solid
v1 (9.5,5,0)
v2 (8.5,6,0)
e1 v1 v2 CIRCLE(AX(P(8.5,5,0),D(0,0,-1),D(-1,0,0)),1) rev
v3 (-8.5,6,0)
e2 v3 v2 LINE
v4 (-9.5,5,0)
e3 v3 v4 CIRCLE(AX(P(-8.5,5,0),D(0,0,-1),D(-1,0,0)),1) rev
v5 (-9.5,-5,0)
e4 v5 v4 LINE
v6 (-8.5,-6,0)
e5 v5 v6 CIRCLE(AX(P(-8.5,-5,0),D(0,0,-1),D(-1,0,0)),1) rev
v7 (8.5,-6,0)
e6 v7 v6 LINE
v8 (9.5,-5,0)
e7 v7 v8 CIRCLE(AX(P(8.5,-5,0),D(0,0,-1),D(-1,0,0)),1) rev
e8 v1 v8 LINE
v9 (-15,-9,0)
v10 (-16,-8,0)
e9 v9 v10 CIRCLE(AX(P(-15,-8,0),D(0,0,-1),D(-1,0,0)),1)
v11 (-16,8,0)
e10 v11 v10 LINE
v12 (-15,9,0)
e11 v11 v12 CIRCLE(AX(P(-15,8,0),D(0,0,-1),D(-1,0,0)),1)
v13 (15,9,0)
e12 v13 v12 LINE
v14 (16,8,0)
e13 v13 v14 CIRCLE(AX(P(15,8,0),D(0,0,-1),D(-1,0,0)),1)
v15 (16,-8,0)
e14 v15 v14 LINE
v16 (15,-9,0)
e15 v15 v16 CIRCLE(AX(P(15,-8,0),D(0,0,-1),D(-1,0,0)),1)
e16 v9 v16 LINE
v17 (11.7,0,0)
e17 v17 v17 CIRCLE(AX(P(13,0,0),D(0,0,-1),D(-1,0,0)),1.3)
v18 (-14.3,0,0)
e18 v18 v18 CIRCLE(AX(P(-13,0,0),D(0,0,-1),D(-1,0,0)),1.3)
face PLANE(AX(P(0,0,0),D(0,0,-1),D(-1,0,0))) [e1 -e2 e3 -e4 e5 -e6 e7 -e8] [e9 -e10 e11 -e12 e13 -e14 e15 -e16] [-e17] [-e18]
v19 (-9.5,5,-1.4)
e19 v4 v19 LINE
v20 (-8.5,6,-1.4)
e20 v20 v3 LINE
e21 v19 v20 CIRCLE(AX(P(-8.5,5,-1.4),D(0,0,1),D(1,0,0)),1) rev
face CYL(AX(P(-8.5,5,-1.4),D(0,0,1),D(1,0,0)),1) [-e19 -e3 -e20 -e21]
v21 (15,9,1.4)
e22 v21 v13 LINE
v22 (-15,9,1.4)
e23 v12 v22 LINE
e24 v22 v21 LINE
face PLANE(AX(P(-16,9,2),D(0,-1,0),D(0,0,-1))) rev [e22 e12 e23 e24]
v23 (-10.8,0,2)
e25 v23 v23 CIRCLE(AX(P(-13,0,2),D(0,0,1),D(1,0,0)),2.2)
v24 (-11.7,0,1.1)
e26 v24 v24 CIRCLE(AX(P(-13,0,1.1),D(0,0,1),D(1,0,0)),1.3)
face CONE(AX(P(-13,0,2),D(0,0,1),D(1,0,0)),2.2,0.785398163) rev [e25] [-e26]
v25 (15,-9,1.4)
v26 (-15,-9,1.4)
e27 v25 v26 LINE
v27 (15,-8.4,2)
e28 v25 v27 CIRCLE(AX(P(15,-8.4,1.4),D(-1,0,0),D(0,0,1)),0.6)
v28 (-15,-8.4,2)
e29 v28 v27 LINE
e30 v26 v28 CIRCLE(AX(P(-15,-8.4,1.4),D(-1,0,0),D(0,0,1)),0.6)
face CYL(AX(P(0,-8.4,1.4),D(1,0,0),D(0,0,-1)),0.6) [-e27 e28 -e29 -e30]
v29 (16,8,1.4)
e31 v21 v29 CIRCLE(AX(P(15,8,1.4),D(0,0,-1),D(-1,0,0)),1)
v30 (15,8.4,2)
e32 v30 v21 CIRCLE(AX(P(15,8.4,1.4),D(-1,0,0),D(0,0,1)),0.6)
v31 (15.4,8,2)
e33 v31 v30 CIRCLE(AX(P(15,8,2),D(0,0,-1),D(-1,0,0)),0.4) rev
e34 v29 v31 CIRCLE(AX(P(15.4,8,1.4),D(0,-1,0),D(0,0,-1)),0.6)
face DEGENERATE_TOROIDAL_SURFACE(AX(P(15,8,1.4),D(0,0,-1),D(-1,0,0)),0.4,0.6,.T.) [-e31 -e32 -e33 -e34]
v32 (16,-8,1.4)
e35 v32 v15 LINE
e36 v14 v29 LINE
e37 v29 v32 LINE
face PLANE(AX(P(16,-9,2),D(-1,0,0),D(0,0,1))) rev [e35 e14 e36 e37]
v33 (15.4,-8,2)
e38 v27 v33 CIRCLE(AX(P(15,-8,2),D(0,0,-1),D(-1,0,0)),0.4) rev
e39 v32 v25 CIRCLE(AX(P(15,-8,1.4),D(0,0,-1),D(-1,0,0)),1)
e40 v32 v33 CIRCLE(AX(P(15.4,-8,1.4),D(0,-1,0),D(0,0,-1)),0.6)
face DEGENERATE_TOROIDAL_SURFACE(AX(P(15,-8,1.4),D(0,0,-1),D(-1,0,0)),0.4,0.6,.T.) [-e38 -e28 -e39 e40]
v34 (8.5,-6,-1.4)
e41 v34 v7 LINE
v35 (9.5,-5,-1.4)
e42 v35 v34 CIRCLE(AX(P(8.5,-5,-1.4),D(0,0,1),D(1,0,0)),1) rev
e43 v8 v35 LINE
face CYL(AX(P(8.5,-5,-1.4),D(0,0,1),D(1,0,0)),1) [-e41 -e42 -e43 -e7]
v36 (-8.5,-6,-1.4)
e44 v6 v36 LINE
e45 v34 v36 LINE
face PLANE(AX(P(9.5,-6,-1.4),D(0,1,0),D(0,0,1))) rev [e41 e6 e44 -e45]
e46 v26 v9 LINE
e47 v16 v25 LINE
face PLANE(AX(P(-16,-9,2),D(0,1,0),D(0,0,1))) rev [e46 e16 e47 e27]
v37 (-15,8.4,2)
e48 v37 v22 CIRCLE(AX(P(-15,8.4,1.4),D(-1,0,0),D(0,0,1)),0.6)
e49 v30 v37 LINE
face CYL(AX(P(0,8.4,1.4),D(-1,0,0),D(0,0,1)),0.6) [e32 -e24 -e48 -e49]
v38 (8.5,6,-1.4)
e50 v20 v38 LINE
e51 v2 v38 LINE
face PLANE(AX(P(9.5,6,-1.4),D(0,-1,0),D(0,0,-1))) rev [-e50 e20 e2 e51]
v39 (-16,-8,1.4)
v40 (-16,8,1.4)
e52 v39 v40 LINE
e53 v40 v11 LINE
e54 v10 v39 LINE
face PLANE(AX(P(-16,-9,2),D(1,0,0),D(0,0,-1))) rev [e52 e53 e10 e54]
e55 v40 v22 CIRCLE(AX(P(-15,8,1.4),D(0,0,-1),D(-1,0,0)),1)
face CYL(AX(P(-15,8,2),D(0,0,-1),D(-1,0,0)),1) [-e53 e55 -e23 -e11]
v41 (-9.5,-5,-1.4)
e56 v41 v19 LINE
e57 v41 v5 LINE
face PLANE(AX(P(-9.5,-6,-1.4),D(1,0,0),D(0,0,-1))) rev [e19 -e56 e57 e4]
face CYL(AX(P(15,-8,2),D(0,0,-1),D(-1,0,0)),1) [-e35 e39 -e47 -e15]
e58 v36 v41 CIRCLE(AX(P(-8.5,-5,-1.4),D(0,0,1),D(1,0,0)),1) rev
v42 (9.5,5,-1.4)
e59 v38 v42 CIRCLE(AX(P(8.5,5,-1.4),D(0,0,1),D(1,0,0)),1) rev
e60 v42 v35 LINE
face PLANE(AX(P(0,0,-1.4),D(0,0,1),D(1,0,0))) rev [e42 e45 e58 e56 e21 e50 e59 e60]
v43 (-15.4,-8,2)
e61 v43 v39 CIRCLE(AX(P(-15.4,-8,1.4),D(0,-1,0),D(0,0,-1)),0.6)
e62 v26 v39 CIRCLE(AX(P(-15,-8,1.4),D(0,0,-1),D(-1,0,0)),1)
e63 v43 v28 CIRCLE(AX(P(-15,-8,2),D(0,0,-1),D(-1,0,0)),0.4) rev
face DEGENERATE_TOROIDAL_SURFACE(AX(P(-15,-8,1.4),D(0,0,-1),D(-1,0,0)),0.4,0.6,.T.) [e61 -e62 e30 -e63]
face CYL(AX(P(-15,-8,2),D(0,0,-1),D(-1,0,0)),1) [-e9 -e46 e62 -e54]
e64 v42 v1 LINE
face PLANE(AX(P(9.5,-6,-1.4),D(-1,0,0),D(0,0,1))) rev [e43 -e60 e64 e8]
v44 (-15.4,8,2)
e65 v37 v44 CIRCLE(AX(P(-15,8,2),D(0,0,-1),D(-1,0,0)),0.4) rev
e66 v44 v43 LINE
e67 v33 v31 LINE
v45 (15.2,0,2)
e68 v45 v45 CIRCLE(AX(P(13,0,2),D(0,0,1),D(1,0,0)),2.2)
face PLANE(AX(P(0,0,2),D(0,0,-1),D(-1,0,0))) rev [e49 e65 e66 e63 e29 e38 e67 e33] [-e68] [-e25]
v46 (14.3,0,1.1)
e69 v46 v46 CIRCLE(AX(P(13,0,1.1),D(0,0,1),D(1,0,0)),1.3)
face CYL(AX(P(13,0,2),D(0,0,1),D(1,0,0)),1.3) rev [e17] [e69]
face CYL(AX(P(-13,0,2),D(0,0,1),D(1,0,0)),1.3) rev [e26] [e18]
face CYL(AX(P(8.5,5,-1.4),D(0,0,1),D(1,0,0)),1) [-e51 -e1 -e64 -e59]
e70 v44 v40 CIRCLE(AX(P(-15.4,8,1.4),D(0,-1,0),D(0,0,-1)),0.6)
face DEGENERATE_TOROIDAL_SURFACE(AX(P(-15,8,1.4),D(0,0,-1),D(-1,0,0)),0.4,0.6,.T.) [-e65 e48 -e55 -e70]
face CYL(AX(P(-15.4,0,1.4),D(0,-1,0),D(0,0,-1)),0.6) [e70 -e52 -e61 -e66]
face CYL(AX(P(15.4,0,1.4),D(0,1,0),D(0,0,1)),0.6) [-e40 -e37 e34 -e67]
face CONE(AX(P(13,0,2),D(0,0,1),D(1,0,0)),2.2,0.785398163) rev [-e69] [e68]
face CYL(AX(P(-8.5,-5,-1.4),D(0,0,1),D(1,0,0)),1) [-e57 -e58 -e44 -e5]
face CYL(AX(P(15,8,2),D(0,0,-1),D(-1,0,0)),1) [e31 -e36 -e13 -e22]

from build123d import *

# Parameters (mm, degrees)
ESQUISSE1_W                                    = 32
ESQUISSE1_H                                    = 18
BOSS_EXTRU_1_DEPTH                             = 2
ESQUISSE2_W                                    = 19
ESQUISSE2_H                                    = 12
BOSS_EXTRU_2_DEPTH                             = 1.4
CONG_1_R                                       = 1
CONG_2_R                                       = 0.6
CONG_3_R                                       = 1
FRAISAGE_POUR_VIS_T_TE_FRAIS_E_M21_D           = 2.6
FRAISAGE_POUR_VIS_T_TE_FRAIS_E_M21_CSINK_D     = 4.4
FRAISAGE_POUR_VIS_T_TE_FRAIS_E_M21_CSINK_ANGLE = 90


with BuildPart() as part:
    # Esquisse1 → Boss.-Extru.1 (new body)
    with BuildSketch(Plane.XY):
        Rectangle(ESQUISSE1_W, ESQUISSE1_H)
    extrude(amount=BOSS_EXTRU_1_DEPTH)

    # Esquisse2 → Boss.-Extru.2 (add)
    with BuildSketch(Plane(origin=(0, 0, 0), x_dir=(-1, 0, 0), z_dir=(0, 0, -1))):
        Rectangle(ESQUISSE2_W, ESQUISSE2_H)
    extrude(amount=BOSS_EXTRU_2_DEPTH)

    # Congé1
    cong_1_edges = [part.edges().sort_by_distance(p)[0] for p in [
        (16, -9, 1),
        (-16, -9, 1),
        (-16, 9, 1),
        (16, 9, 1),
    ]]
    fillet(cong_1_edges, radius=CONG_1_R)

    # Congé2
    cong_2_edges = [part.edges().sort_by_distance(p)[0] for p in [
        (16, 0, 2),
        (0, -9, 2),
        (0, 9, 2),
        (-16, 0, 2),
        (15.707106781, 8.707106781, 2),
        (-15.707106781, 8.707106781, 2),
        (-15.707106781, -8.707106781, 2),
        (15.707106781, -8.707106781, 2),
    ]]
    fillet(cong_2_edges, radius=CONG_2_R)

    # Congé3
    cong_3_edges = [part.edges().sort_by_distance(p)[0] for p in [
        (-9.5, -6, -0.7),
        (-9.5, 6, -0.7),
        (9.5, 6, -0.7),
        (9.5, -6, -0.7),
    ]]
    fillet(cong_3_edges, radius=CONG_3_R)

    # Fraisage pour vis à tête fraisée M21 (through all)
    with Locations(Plane.XY.offset(2)):
        with Locations((-13, 0)):
            fraisage_pour_vis_t_te_frais_e_m21 = CounterSinkHole(FRAISAGE_POUR_VIS_T_TE_FRAIS_E_M21_D / 2, FRAISAGE_POUR_VIS_T_TE_FRAIS_E_M21_CSINK_D / 2, counter_sink_angle=FRAISAGE_POUR_VIS_T_TE_FRAIS_E_M21_CSINK_ANGLE)

    # Symétrie1: Fraisage pour vis à tête fraisée M21 across plane
    add(fraisage_pour_vis_t_te_frais_e_m21.mirror(Plane(origin=(0, 0, 0), x_dir=(0, 0, 1), z_dir=(1, 0, 0))), mode=Mode.SUBTRACT)


solid = part.part
